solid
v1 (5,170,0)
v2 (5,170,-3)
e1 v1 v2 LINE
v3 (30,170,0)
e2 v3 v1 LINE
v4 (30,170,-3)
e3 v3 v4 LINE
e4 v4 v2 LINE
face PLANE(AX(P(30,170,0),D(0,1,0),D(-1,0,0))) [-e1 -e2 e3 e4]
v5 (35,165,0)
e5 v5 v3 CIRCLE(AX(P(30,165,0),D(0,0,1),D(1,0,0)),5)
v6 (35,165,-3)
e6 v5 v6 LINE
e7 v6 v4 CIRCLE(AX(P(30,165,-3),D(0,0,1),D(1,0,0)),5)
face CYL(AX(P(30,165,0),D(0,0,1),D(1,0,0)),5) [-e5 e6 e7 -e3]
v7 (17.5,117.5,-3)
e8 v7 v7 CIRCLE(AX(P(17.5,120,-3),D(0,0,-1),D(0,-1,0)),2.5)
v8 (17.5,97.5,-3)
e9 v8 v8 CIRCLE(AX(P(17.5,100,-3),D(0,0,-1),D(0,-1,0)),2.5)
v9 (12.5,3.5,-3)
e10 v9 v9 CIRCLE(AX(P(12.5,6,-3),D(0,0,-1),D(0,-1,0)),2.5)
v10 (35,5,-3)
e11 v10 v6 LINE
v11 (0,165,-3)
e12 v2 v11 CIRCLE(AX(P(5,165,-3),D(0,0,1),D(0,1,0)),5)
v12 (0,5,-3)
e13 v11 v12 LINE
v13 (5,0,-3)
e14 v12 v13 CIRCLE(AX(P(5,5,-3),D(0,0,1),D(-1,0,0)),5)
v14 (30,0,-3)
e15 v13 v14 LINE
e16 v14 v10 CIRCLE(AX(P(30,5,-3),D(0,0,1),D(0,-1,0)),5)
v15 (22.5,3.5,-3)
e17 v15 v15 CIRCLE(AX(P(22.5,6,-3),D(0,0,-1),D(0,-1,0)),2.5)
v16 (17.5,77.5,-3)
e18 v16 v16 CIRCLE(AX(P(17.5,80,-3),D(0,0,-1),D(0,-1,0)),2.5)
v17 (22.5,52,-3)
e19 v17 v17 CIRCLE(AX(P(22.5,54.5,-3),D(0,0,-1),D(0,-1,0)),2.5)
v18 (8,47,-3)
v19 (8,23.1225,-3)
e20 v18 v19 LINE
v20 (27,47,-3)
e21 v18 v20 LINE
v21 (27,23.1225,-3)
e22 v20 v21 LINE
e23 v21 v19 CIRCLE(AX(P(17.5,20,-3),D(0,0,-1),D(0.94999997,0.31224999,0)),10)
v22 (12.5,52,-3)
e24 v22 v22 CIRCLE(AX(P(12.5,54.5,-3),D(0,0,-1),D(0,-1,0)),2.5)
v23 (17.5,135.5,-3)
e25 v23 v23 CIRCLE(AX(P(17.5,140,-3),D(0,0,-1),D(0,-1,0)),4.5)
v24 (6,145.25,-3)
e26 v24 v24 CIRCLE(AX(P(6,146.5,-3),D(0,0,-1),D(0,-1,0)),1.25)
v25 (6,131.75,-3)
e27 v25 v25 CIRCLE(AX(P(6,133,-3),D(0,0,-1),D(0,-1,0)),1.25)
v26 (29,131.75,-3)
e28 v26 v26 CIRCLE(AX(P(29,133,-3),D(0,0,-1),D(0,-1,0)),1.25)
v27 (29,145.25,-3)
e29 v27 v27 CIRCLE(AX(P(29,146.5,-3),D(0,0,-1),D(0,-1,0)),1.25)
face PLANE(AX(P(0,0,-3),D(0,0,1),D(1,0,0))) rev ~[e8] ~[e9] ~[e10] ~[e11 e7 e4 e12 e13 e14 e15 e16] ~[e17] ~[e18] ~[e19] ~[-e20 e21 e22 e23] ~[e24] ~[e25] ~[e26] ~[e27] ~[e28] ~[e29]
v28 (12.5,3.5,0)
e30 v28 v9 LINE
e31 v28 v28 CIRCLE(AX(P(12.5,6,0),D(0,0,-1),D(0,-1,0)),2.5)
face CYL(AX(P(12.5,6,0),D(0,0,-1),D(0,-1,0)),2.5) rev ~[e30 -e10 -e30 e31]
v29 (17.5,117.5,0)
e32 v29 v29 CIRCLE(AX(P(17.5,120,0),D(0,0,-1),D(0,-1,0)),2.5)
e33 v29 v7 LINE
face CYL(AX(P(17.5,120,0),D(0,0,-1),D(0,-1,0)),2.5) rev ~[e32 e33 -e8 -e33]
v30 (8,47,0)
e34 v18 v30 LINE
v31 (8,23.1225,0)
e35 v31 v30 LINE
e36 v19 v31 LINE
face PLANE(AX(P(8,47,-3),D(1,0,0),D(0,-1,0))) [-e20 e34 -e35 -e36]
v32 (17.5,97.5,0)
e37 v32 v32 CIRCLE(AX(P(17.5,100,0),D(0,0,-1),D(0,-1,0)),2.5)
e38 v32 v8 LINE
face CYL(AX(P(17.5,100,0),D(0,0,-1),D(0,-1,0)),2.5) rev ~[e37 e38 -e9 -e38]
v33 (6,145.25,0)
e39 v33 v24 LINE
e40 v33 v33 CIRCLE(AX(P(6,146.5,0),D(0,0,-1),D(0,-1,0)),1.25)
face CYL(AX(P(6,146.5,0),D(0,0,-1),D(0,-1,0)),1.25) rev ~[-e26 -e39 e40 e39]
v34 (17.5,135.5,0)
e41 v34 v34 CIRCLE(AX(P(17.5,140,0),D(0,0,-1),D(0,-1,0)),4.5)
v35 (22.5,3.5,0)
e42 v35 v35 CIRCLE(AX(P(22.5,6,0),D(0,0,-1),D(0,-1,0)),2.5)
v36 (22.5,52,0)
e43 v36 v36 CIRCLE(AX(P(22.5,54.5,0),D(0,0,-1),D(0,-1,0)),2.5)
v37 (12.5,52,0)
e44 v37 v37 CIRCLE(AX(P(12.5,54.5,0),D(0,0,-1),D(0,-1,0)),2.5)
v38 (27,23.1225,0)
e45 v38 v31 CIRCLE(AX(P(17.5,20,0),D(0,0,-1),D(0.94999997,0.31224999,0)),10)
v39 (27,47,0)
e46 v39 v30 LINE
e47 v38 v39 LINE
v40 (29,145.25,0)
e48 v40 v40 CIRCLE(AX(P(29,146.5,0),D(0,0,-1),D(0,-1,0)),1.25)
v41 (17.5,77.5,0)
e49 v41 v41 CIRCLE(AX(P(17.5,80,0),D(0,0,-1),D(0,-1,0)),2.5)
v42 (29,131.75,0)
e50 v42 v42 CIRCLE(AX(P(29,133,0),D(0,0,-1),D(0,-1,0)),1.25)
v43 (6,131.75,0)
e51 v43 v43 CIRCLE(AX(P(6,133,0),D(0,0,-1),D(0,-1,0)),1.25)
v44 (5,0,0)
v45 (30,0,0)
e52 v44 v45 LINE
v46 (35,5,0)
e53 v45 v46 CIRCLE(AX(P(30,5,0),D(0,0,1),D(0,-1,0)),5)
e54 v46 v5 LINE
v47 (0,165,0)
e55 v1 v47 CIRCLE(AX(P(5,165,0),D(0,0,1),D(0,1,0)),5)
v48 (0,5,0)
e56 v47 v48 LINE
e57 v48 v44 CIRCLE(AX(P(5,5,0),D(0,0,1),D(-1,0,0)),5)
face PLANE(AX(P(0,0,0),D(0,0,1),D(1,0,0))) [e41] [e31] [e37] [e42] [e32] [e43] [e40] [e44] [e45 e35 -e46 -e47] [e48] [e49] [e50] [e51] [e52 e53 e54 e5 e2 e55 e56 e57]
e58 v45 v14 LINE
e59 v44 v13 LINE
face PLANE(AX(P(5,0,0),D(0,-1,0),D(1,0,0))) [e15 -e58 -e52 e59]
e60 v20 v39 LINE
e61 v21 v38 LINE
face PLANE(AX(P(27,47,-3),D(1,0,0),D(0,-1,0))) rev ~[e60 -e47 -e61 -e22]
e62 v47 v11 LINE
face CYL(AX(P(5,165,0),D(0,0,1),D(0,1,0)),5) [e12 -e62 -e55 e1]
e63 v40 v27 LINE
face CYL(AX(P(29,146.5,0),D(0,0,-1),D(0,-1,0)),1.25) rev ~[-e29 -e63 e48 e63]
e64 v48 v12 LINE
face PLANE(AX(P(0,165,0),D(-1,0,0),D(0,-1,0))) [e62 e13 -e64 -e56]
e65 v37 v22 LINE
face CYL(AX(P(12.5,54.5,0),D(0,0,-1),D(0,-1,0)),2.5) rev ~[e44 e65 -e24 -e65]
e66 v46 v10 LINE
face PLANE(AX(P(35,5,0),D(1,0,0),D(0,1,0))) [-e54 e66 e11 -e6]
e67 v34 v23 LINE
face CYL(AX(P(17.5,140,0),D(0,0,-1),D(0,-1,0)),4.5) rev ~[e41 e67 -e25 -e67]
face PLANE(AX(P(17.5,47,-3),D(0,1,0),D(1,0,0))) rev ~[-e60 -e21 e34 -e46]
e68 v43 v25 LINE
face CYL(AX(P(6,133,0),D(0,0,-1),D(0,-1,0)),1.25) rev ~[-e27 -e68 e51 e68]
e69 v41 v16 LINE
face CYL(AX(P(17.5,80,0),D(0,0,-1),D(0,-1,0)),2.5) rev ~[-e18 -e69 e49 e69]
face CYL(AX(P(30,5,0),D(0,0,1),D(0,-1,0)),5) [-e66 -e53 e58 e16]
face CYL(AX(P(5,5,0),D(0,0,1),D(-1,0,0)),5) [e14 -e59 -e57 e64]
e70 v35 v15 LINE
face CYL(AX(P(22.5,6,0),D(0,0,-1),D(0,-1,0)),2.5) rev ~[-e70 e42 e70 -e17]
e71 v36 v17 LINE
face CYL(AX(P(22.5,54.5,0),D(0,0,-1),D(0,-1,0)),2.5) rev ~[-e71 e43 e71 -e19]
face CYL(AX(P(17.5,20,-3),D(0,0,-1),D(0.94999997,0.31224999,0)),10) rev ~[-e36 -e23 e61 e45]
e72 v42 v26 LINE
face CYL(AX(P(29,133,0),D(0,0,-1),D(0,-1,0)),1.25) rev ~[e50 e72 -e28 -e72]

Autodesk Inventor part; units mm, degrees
ref_plane "YZ Plane" through (0, 0, 0) normal (1, 0, 0) x (0, 1, 0)
ref_plane "XZ Plane" through (0, 0, 0) normal (0, 1, 0) x (-1, 0, 0)
ref_plane "XY Plane" through (0, 0, 0) normal (0, 0, 1) x (1, 0, 0)
sketch "Boceto1" plane through (0, 0, 0) normal (0, 0, 1) x (1, 0, 0)
  line L0 (5, 0) -> (30, 0)
  line L1 (35, 5) -> (35, 165)
  line L2 (30, 170) -> (5, 170)
  line L3 (0, 165) -> (0, 5)
  arc A0 (35, 165) -> (30, 170) centre (30, 165) ccw
  arc A1 (5, 170) -> (0, 165) centre (5, 165) ccw
  arc A2 (30, 0) -> (35, 5) centre (30, 5) ccw
  arc A3 (0, 5) -> (5, 0) centre (5, 5) ccw
extrude "Extrusión1" add sketch "Boceto1" against normal blind 3
sketch "Boceto2" plane through (0, 0, 0) normal (0, 0, 1) x (1, 0, 0)
  circle A0 centre (17.5, 140) radius 4.5
  circle A1 centre (29, 146.5) radius 1.25
  circle A2 centre (6, 146.5) radius 1.25
  circle A3 centre (6, 133) radius 1.25
  circle A4 centre (29, 133) radius 1.25
  circle A5 centre (17.5, 120) radius 2.5
  circle A6 centre (17.5, 100) radius 2.5
  circle A7 centre (17.5, 80) radius 2.5
  circle A8 centre (17.5, 20) radius 6.5
  circle A9 centre (12.5, 6) radius 2.5
  circle A10 centre (22.5, 6) radius 2.5
  circle A11 centre (12.5, 54.5) radius 2.5
  circle A12 centre (22.5, 54.5) radius 2.5
  point P0 (0, 0)
hole "Agujero1" at (17.5, 140, 0) direction (0, 0, -1) diameter 9 end through all
hole "Agujero2" at (29, 133, 0) at (29, 146.5, 0) at (6, 133, 0) at (6, 146.5, 0) direction (0, 0, -1) diameter 2.5 end through all
hole "Agujero3" at (17.5, 120, 0) at (17.5, 100, 0) at (17.5, 80, 0) at (22.5, 54.5, 0) at (12.5, 54.5, 0) at (22.5, 6, 0) at (12.5, 6, 0) direction (0, 0, -1) diameter 5 end through all
hole "Agujero4" at (17.5, 20, 0) direction (0, 0, -1) diameter 13 end through all
sketch "Boceto3" plane through (0, 0, -3) normal (0, 0, -1) x (-1, 0, 0)
  circle A0 centre (-17.5, 20) radius 6.5 projected
  arc A1 (-27, 23.1225) -> (-8, 23.1225) centre (-17.5, 20) ccw
  line L0 (-17.5, 47) -> (-27, 47)
  line L1 (-17.5, 47) -> (-8, 47)
  line L2 (-8, 47) -> (-8, 23.1225)
  line L3 (-27, 47) -> (-27, 23.1225)
  point P0 (0, 0)
extrude "Extrusión2" cut sketch "Boceto3" against normal blind 10 contours A0 | L3 L0 L1 L2 A1
properties part number "1"
